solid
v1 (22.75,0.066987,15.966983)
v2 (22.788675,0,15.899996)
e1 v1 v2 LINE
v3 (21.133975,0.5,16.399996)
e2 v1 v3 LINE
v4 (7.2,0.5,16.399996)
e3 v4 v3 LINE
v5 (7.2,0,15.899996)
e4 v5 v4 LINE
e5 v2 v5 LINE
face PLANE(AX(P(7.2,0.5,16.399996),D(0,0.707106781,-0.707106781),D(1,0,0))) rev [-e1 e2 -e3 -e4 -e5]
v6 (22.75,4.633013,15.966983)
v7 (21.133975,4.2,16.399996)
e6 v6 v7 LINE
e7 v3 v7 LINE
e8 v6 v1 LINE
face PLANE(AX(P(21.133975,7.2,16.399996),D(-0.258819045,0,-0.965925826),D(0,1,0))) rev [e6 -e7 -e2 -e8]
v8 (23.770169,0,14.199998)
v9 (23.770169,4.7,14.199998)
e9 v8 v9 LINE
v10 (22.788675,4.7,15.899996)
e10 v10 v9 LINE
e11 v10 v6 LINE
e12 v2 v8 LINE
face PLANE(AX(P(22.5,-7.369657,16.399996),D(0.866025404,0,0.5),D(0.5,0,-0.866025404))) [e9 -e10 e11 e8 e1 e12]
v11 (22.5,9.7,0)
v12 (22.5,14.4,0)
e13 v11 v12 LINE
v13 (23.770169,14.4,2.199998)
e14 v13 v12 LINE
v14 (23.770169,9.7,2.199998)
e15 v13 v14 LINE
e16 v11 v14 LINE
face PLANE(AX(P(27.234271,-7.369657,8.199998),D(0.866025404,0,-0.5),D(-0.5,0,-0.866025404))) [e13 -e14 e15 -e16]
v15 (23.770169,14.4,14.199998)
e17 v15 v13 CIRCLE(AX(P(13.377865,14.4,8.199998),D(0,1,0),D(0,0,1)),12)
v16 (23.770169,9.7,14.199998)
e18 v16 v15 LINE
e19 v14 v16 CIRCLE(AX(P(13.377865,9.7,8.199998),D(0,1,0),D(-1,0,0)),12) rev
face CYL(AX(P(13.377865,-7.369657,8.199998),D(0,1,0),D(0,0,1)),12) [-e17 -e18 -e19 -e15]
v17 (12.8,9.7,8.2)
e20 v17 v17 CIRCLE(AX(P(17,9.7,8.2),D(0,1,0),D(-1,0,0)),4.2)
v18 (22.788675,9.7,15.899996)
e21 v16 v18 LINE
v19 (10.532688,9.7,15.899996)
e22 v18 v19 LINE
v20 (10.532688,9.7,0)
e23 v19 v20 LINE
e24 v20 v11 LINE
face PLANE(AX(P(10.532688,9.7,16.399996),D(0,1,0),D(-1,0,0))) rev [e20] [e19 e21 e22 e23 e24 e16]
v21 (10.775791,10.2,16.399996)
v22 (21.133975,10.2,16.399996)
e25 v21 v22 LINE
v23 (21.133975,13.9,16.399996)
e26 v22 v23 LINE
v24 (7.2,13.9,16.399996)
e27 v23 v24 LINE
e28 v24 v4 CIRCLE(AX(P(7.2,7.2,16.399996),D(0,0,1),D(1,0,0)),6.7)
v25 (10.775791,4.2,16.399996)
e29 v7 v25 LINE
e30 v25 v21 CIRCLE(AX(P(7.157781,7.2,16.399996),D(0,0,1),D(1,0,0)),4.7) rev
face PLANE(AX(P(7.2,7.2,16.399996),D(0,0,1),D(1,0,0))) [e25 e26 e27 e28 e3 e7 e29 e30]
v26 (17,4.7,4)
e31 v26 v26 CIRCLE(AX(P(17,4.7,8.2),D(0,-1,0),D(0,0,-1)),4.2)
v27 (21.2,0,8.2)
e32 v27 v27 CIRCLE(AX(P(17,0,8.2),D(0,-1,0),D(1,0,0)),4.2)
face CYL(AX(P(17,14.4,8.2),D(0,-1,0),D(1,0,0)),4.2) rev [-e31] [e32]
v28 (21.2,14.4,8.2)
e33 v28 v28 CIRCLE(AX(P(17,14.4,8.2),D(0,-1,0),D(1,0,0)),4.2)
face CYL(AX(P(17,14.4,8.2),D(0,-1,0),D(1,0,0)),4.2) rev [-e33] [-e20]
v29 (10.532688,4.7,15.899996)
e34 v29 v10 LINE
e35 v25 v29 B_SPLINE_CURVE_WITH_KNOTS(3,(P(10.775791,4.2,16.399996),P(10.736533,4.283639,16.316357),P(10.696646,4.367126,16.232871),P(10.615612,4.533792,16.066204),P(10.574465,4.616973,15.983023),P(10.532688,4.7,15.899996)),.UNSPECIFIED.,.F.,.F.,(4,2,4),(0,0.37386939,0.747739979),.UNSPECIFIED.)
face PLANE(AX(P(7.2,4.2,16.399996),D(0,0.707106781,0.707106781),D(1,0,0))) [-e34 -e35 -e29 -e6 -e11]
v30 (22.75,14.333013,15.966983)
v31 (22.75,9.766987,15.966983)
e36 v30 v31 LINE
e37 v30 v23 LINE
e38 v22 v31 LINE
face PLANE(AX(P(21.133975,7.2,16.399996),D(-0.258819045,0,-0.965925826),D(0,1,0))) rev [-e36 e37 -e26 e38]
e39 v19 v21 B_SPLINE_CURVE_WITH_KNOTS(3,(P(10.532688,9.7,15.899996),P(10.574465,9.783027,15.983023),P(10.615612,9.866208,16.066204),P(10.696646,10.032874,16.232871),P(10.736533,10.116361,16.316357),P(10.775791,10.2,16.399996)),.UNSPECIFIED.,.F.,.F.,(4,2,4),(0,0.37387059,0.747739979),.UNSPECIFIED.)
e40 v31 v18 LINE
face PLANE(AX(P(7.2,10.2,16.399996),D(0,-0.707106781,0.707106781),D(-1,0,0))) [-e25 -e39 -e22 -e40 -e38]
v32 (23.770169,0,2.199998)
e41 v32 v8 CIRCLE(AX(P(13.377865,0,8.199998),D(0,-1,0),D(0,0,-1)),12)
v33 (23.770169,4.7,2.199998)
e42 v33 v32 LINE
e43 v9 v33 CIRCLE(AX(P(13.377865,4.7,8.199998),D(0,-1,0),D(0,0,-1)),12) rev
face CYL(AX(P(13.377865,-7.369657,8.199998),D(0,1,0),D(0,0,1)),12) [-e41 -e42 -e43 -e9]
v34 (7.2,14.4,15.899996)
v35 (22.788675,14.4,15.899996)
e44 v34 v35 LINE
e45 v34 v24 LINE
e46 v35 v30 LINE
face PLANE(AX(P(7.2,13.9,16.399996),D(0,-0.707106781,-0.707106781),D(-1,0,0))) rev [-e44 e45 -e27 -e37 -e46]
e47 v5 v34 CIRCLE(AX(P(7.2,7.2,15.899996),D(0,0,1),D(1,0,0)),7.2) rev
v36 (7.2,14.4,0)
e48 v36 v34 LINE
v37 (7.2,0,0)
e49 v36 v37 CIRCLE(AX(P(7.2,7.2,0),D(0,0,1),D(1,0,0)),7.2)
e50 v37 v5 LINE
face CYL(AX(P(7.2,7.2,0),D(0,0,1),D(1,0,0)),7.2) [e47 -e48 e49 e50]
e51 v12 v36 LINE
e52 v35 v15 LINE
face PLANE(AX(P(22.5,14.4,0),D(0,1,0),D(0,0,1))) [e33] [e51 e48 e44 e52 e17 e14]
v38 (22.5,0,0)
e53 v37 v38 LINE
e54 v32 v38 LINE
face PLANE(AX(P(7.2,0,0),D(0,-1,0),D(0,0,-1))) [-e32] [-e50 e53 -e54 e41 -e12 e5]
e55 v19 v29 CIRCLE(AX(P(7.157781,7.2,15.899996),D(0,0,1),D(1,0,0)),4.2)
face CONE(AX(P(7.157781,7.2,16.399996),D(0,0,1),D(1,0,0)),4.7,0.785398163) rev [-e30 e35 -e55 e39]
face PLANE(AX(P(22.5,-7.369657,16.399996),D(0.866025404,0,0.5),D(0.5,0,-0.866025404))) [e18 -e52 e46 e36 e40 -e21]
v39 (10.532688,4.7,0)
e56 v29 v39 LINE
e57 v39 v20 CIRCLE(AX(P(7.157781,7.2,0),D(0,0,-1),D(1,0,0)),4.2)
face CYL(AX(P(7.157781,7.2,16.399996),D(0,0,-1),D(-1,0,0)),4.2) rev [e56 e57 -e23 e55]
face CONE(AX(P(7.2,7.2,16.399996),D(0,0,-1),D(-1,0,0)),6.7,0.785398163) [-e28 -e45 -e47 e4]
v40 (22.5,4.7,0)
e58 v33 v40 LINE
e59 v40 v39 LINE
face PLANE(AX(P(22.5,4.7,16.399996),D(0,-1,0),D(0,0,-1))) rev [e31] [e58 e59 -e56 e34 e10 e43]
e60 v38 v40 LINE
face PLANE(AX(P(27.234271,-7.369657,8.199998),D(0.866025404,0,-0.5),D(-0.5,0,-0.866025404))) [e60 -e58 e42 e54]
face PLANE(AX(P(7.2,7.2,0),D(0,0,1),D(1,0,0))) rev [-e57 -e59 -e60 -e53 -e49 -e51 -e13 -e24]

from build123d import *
from OCP.BRepFilletAPI import BRepFilletAPI_MakeChamfer

# Parameters (mm, degrees)
BOSS_EXTRUDE1_DEPTH     = 16.399996177
CUT_EXTRUDE1_DEPTH      = 32.345970628
CUT_EXTRUDE3_DEPTH      = 30.483891782
CUT_EXTRUDE3_DEPTH_BACK = 30.483891782
SKETCH4_R               = 4.2
BOSS_EXTRUDE2_START     = -14.4
BOSS_EXTRUDE2_DEPTH     = 14.4
SKETCH6_W               = 16.399996177
SKETCH6_H               = 5
CUT_EXTRUDE4_DEPTH      = 10
FILLET1_R               = 12
CHAMFER1_SIZE           = 0.5
CHAMFER2_SIZE           = 0.5
CHAMFER2_SIZE2          = 1.366025404


with BuildPart() as part:
    # Sketch1 → Boss-Extrude1 (new body)
    with BuildSketch(Plane.XY.offset(16.399996177)):
        with BuildLine():
            Line((7.2, 0), (22.5, 0))
            Line((22.5, 0), (22.5, 14.4))
            Line((22.5, 14.4), (7.2, 14.4))
            ThreePointArc((7.2, 14.4), (0, 7.2), (7.2, 0))
        make_face()
    extrude(amount=-BOSS_EXTRUDE1_DEPTH)

    # Sketch2 → Cut-Extrude1 (cut, through all)
    with BuildSketch(Plane(origin=(0, 0, 0), x_dir=(-1, 0, 0), z_dir=(0, 0, -1))):
        with BuildLine():
            Line((-22.5, 9.7), (-22.5, 4.7))
            Line((-22.5, 4.7), (-10.532688106, 4.7))
            ThreePointArc((-10.532688106, 4.7), (-2.9577807, 7.2), (-10.532688106, 9.7))
            Line((-10.532688106, 9.7), (-22.5, 9.7))
        make_face()
    extrude(amount=-CUT_EXTRUDE1_DEPTH, mode=Mode.SUBTRACT)

    # Sketch4 → Cut-Extrude3 (cut, two sides: drawn at the far end of the back side and taken through both)
    with BuildSketch(Plane.XZ.offset(-9.7).offset(-CUT_EXTRUDE3_DEPTH_BACK)):
        with Locations((17, 8.2)):
            Circle(SKETCH4_R)
    extrude(amount=CUT_EXTRUDE3_DEPTH + CUT_EXTRUDE3_DEPTH_BACK, mode=Mode.SUBTRACT)

    # Sketch5 → Boss-Extrude2 (add)
    with BuildSketch(Plane(origin=(0, 14.4, 0), x_dir=(1, 0, 0), z_dir=(0, 1, 0)).offset(BOSS_EXTRUDE2_START)):
        Polygon((22.5, 0), (22.5, -16.399996177), (27.234271104, -8.199998088), align=None)
    boss_extrude2 = extrude(amount=BOSS_EXTRUDE2_DEPTH)

    # Mirror3: Boss-Extrude2 across plane
    add(boss_extrude2.mirror(Plane(origin=(0, 7.2, 0), x_dir=(0, 0, 1), z_dir=(0, -1, 0))))

    # Sketch6 → Cut-Extrude4 (cut)
    with BuildSketch(Plane.ZY.offset(-22.5)):
        with Locations((8.199998089, 7.2)):
            Rectangle(SKETCH6_W, SKETCH6_H)
    extrude(amount=-CUT_EXTRUDE4_DEPTH, mode=Mode.SUBTRACT)

    # Fillet1
    fillet1_edges = [part.edges().sort_by_distance(p)[0] for p in [
        (27.234271104, 2.35, 8.199998088),
        (27.234271104, 12.05, 8.199998088),
    ]]
    fillet(fillet1_edges, radius=FILLET1_R)

    # Chamfer1
    chamfer1_edges = [part.edges().sort_by_distance(p)[0] for p in [
        (2.9577807, 7.2, 16.399996177),
    ]]
    chamfer(chamfer1_edges, length=CHAMFER1_SIZE)

    # Chamfer2: one chamfer whose edges measure the first distance from different faces: ONE call of the kernel's chamfer builder (chamfer() names one face for all edges)
    chamfer2_edges_1 = [part.edges().sort_by_distance(p)[0] for p in [
        (22.5, 12.05, 16.399996177),
    ]]
    chamfer2_side_1 = [part.faces().sort_by_distance(p)[0] for p in [
        (23.135084744, 12.05, 15.299997133),
    ]]
    chamfer2_edges_2 = [part.edges().sort_by_distance(p)[0] for p in [
        (22.5, 2.35, 16.399996177),
    ]]
    chamfer2_side_2 = [part.faces().sort_by_distance(p)[0] for p in [
        (23.135084744, 2.35, 15.299997133),
    ]]
    chamfer2_edges_3 = [part.edges().sort_by_distance(p)[0] for p in [
        (14.85, 0, 16.399996177),
        (0, 7.2, 16.399996177),
        (14.85, 14.4, 16.399996177),
        (16.818865224, 9.7, 16.399996177),
        (16.818865224, 4.7, 16.399996177),
    ]]
    chamfer2 = BRepFilletAPI_MakeChamfer(part.part.solid().wrapped)
    for e in chamfer2_edges_1:
        chamfer2.Add(CHAMFER2_SIZE, CHAMFER2_SIZE2, e.wrapped, chamfer2_side_1[0].wrapped)  # the first distance lies on this face
    for e in chamfer2_edges_2:
        chamfer2.Add(CHAMFER2_SIZE, CHAMFER2_SIZE2, e.wrapped, chamfer2_side_2[0].wrapped)  # the first distance lies on this face
    for e in chamfer2_edges_3:
        chamfer2.Add(CHAMFER2_SIZE, e.wrapped)
    add(Compound.cast(chamfer2.Shape()), mode=Mode.REPLACE)


solid = part.part
